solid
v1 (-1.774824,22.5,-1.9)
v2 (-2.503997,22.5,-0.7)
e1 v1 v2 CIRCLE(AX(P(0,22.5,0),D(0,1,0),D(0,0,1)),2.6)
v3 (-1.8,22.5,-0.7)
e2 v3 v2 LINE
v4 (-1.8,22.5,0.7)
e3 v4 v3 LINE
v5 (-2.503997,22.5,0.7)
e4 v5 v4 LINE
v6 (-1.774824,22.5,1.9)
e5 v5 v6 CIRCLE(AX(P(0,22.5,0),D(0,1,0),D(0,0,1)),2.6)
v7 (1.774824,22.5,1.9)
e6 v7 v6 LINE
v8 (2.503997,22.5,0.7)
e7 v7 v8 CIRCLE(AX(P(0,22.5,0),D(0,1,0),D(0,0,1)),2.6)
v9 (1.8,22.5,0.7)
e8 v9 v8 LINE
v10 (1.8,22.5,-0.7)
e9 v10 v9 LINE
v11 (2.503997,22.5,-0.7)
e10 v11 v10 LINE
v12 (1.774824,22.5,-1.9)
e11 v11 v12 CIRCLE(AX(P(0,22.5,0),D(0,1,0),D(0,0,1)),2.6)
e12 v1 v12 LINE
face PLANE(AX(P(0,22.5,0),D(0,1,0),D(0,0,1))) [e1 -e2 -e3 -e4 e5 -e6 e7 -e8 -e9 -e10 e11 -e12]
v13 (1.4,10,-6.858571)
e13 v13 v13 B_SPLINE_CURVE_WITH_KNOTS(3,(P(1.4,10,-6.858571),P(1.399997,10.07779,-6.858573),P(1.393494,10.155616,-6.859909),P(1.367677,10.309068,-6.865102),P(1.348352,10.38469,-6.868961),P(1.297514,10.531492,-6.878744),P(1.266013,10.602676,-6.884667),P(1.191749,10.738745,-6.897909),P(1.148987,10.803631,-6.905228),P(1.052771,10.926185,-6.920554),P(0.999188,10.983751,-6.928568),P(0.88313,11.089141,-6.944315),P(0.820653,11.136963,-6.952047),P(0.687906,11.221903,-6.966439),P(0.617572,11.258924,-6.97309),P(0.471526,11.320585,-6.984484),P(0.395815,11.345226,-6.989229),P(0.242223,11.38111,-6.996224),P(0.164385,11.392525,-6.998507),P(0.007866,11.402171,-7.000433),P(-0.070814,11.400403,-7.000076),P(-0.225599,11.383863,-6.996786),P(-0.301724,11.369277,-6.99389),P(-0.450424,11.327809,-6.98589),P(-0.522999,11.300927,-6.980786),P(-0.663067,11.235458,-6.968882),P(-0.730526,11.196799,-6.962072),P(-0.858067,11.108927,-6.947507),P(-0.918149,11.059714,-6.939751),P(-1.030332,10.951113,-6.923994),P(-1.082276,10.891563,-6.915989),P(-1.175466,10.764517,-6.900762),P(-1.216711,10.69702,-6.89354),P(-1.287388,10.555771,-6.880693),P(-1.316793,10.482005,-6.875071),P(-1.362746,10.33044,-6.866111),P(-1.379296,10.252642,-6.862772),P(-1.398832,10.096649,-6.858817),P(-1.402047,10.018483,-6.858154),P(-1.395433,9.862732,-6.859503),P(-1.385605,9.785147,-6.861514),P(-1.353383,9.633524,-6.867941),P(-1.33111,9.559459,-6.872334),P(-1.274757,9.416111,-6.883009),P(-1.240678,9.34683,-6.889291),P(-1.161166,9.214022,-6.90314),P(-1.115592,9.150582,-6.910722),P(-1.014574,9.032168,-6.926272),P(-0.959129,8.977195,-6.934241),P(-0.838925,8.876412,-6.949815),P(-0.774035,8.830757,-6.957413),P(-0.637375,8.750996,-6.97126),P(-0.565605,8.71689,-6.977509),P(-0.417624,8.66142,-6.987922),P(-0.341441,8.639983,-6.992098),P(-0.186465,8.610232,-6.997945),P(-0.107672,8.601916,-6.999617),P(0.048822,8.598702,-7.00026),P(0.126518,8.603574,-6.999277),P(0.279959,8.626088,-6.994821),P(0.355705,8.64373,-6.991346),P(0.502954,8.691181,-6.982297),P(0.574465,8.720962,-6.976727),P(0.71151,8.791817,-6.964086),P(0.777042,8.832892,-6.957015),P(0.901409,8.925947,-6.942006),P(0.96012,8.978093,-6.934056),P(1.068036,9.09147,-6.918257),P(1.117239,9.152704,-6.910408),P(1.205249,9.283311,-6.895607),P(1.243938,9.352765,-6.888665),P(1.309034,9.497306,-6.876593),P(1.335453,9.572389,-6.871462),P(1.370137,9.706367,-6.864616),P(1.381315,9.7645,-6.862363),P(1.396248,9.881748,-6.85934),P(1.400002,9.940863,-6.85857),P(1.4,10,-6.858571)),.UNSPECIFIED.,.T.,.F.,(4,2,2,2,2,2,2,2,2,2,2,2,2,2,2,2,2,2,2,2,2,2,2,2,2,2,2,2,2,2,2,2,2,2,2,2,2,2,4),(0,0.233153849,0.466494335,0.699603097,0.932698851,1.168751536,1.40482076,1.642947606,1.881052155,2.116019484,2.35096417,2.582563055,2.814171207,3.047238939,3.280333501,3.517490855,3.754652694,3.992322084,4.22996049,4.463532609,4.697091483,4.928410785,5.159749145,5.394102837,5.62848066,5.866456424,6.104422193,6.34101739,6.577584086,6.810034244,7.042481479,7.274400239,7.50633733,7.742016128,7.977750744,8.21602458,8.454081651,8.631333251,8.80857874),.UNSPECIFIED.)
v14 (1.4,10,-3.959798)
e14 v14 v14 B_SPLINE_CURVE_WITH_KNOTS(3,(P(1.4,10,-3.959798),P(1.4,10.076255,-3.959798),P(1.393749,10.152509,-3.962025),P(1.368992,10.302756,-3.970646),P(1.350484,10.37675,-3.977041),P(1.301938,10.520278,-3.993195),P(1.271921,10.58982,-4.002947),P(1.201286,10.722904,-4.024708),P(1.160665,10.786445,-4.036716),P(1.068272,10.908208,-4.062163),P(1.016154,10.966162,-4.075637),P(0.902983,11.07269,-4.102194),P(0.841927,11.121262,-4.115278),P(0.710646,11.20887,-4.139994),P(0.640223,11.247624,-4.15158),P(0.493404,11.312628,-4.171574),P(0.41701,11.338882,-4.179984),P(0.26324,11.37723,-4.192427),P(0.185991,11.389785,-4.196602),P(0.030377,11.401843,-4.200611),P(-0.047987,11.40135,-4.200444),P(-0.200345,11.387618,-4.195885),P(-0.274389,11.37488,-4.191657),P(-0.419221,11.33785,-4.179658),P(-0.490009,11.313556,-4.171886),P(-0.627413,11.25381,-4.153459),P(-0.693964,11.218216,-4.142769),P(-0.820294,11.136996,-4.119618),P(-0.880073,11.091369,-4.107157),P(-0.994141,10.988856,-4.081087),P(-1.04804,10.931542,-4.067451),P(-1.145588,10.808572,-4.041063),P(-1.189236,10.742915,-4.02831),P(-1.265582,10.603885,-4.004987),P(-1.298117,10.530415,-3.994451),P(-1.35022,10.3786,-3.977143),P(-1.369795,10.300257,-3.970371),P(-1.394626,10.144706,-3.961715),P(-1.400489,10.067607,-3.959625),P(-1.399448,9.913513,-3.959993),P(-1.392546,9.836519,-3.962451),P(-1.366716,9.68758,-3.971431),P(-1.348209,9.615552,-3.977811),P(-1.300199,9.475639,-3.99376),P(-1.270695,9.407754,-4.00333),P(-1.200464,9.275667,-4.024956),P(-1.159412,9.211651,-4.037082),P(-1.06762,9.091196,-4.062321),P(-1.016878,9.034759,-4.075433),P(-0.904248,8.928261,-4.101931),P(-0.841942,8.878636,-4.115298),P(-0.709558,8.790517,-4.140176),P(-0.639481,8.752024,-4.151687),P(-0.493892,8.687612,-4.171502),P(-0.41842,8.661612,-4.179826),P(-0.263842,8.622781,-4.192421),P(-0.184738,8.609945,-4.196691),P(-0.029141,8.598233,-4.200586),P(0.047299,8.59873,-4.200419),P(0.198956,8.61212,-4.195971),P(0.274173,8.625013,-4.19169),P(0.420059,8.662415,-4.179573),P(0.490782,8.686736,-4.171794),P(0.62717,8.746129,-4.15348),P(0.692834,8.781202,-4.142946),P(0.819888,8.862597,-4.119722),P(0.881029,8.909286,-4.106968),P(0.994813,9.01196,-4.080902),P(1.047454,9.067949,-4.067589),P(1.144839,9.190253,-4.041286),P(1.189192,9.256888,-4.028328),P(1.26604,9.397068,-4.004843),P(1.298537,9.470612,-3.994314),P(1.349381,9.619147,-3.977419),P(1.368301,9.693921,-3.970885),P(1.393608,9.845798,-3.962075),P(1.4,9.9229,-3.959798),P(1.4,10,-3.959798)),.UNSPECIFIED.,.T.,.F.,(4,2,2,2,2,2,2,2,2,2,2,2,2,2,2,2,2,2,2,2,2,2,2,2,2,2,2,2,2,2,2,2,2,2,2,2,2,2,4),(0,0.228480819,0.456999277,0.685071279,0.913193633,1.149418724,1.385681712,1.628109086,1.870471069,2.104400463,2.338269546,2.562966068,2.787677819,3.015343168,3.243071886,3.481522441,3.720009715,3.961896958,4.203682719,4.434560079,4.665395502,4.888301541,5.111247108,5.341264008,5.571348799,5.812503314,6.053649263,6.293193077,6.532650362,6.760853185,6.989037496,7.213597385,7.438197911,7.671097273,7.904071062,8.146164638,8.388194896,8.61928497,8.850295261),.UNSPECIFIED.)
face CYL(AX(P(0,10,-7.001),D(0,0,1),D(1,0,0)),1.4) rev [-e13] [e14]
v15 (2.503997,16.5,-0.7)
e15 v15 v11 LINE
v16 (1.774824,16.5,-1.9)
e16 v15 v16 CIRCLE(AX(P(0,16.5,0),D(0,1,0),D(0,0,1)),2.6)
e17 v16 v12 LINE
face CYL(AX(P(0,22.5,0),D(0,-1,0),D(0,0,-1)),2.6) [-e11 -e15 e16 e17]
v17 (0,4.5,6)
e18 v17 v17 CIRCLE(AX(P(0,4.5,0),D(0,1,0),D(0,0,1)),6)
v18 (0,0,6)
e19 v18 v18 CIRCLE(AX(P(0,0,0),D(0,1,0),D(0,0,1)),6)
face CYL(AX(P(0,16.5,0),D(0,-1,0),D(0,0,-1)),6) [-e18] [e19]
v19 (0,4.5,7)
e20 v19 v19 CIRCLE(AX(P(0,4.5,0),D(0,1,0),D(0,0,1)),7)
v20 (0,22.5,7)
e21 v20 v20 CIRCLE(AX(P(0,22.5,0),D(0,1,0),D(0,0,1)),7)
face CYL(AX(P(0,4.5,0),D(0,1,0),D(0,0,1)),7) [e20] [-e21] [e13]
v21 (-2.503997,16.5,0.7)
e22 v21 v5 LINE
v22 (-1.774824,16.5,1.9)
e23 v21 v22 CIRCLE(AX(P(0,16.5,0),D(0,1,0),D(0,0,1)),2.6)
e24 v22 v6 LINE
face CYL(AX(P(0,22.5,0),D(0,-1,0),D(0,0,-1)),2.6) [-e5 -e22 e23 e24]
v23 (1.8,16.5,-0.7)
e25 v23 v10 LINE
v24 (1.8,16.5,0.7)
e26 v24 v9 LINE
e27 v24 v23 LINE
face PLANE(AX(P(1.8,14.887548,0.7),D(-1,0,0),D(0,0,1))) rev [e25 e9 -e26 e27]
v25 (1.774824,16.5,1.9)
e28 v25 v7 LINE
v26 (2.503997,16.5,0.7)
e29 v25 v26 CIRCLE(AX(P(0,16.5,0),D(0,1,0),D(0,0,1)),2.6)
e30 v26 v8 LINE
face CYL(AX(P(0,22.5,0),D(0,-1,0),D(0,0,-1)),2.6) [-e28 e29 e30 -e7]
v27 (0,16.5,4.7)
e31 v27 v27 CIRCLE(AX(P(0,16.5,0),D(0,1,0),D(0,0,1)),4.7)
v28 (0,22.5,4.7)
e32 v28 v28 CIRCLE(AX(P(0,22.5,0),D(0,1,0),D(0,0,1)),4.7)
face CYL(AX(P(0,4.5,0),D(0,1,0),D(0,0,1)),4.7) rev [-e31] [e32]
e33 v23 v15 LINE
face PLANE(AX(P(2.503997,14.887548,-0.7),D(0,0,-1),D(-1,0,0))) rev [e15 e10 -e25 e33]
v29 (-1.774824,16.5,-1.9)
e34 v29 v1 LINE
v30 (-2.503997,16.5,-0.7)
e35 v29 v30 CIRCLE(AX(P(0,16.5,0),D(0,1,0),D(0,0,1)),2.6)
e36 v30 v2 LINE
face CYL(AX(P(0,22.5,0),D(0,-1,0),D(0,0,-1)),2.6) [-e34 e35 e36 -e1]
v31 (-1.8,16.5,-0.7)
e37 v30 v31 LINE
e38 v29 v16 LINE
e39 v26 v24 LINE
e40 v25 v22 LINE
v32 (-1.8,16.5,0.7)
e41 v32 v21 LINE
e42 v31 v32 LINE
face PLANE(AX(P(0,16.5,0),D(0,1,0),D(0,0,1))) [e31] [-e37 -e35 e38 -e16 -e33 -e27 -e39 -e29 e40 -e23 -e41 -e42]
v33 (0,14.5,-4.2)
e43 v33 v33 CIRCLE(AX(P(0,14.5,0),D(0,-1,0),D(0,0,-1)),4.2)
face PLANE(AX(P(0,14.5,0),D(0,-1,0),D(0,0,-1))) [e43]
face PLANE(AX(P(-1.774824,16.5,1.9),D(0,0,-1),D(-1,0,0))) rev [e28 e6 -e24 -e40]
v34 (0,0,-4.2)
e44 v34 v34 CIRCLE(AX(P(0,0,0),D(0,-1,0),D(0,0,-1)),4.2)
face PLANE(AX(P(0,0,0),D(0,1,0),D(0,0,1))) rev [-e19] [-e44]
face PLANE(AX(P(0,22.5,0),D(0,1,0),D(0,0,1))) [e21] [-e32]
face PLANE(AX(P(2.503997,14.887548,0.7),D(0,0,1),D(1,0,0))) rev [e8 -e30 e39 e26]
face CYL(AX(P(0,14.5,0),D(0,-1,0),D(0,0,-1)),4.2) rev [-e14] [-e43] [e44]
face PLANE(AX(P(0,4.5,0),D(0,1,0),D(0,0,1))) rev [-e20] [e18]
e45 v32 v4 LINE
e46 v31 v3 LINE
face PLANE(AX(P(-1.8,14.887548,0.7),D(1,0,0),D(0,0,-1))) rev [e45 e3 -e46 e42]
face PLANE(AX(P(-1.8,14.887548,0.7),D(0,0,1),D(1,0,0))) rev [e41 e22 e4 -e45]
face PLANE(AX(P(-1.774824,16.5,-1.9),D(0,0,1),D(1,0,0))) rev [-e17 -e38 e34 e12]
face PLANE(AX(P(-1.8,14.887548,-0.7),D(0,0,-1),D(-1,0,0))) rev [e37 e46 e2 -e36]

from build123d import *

# Parameters (mm, degrees)
CROQUIS1_R                   = 6
SALIENTE_EXTRUIR1_DEPTH      = 16.5
CROQUIS2_R                   = 4.2
CORTAR_EXTRUIR1_DEPTH        = 14.5
CROQUIS3_R                   = 2.6
SALIENTE_EXTRUIR2_DEPTH      = 6
CORTAR_EXTRUIR4_START        = -6
CORTAR_EXTRUIR4_DEPTH        = 6
CORTAR_EXTRUIR5_START        = -6
CORTAR_EXTRUIR5_DEPTH        = 6
SALIENTE_EXTRUIR3_DEPTH      = 6
SALIENTE_EXTRUIR3_DEPTH_BACK = 12
CROQUIS13_R                  = 7
CROQUIS13_R_2                = 4.7
CORTAR_EXTRUIR9_REACH        = 26.581
CORTAR_EXTRUIR9_END_RADIUS   = 7
CROQUIS14_R                  = 1.4


with BuildPart() as part:
    # Croquis1 → Saliente-Extruir1 (new body)
    with BuildSketch(Plane(origin=(0, 0, 0), x_dir=(1, 0, 0), z_dir=(0, 1, 0))):
        with Locations(Location((0, 0, 0), (0, 0, 270))):
            Circle(CROQUIS1_R)
    extrude(amount=SALIENTE_EXTRUIR1_DEPTH)

    # Croquis2 → Cortar-Extruir1 (cut)
    with BuildSketch(Plane.XZ):
        with Locations(Location((0, 0, 0), (0, 0, 270))):
            Circle(CROQUIS2_R)
    extrude(amount=-CORTAR_EXTRUIR1_DEPTH, mode=Mode.SUBTRACT)

    # Croquis3 → Saliente-Extruir2 (add)
    with BuildSketch(Plane(origin=(0, 16.5, 0), x_dir=(1, 0, 0), z_dir=(0, 1, 0))):
        with Locations(Location((0, 0, 0), (0, 0, 270))):
            Circle(CROQUIS3_R)
    extrude(amount=SALIENTE_EXTRUIR2_DEPTH)

    # Croquis7 → Cortar-Extruir4 (cut)
    with BuildSketch(Plane(origin=(0, 22.5, 0), x_dir=(1, 0, 0), z_dir=(0, 1, 0)).offset(CORTAR_EXTRUIR4_START)):
        with BuildLine():
            Line((-1.774823935, -1.9), (1.774823935, -1.9))
            ThreePointArc((1.774823935, -1.9), (0, -2.6), (-1.774823935, -1.9))
        make_face()
        with BuildLine():
            Line((-1.774823935, 1.9), (1.774823935, 1.9))
            ThreePointArc((1.774823935, 1.9), (0, 2.6), (-1.774823935, 1.9))
        make_face()
    extrude(amount=CORTAR_EXTRUIR4_DEPTH, mode=Mode.SUBTRACT)

    # Croquis10 → Cortar-Extruir5 (cut)
    with BuildSketch(Plane(origin=(0, 22.5, 0), x_dir=(1, 0, 0), z_dir=(0, 1, 0)).offset(CORTAR_EXTRUIR5_START)):
        with BuildLine():
            Line((-1.8, 0.7), (-2.503996805, 0.7))
            ThreePointArc((-2.503996805, 0.7), (-2.6, 0), (-2.503996805, -0.7))
            Line((-2.503996805, -0.7), (-1.8, -0.7))
            Line((-1.8, -0.7), (-1.8, 0.7))
        make_face()
        with BuildLine():
            Line((2.503996805, 0.7), (1.8, 0.7))
            Line((1.8, 0.7), (1.8, -0.7))
            Line((1.8, -0.7), (2.503996805, -0.7))
            ThreePointArc((2.503996805, -0.7), (2.6, 0), (2.503996805, 0.7))
        make_face()
    extrude(amount=CORTAR_EXTRUIR5_DEPTH, mode=Mode.SUBTRACT)

    # Croquis13 → Saliente-Extruir3 (add, two sides: drawn at the far end of the back side and taken through both)
    with BuildSketch(Plane(origin=(0, 16.5, 0), x_dir=(1, 0, 0), z_dir=(0, 1, 0)).offset(-SALIENTE_EXTRUIR3_DEPTH_BACK)):
        with Locations(Location((0, 0, 0), (0, 0, 270))):
            Circle(CROQUIS13_R)
        with Locations(Location((0, 0, 0), (0, 0, 270))):
            Circle(CROQUIS13_R_2, mode=Mode.SUBTRACT)
    extrude(amount=SALIENTE_EXTRUIR3_DEPTH + SALIENTE_EXTRUIR3_DEPTH_BACK)

    # Cortar-Extruir9: up to this cylinder (the profile starts inside it)
    cortar_extruir9_end = Plane(origin=(0, 10, 0), z_dir=(0, 1, 0)) * Cylinder(CORTAR_EXTRUIR9_END_RADIUS, 68.162, mode=Mode.PRIVATE)
    # Croquis14 → Cortar-Extruir9 (cut, up to the surface)
    with BuildSketch(Plane.XY, mode=Mode.PRIVATE) as cortar_extruir9_sk1:
        with Locations((0, 10)):
            Circle(CROQUIS14_R)
    cortar_extruir9_tool1 = extrude(cortar_extruir9_sk1.sketch, amount=-CORTAR_EXTRUIR9_REACH, mode=Mode.PRIVATE) & cortar_extruir9_end
    add(cortar_extruir9_tool1.solids().sort_by_distance((0, 10, 0))[0], mode=Mode.SUBTRACT)


solid = part.part
